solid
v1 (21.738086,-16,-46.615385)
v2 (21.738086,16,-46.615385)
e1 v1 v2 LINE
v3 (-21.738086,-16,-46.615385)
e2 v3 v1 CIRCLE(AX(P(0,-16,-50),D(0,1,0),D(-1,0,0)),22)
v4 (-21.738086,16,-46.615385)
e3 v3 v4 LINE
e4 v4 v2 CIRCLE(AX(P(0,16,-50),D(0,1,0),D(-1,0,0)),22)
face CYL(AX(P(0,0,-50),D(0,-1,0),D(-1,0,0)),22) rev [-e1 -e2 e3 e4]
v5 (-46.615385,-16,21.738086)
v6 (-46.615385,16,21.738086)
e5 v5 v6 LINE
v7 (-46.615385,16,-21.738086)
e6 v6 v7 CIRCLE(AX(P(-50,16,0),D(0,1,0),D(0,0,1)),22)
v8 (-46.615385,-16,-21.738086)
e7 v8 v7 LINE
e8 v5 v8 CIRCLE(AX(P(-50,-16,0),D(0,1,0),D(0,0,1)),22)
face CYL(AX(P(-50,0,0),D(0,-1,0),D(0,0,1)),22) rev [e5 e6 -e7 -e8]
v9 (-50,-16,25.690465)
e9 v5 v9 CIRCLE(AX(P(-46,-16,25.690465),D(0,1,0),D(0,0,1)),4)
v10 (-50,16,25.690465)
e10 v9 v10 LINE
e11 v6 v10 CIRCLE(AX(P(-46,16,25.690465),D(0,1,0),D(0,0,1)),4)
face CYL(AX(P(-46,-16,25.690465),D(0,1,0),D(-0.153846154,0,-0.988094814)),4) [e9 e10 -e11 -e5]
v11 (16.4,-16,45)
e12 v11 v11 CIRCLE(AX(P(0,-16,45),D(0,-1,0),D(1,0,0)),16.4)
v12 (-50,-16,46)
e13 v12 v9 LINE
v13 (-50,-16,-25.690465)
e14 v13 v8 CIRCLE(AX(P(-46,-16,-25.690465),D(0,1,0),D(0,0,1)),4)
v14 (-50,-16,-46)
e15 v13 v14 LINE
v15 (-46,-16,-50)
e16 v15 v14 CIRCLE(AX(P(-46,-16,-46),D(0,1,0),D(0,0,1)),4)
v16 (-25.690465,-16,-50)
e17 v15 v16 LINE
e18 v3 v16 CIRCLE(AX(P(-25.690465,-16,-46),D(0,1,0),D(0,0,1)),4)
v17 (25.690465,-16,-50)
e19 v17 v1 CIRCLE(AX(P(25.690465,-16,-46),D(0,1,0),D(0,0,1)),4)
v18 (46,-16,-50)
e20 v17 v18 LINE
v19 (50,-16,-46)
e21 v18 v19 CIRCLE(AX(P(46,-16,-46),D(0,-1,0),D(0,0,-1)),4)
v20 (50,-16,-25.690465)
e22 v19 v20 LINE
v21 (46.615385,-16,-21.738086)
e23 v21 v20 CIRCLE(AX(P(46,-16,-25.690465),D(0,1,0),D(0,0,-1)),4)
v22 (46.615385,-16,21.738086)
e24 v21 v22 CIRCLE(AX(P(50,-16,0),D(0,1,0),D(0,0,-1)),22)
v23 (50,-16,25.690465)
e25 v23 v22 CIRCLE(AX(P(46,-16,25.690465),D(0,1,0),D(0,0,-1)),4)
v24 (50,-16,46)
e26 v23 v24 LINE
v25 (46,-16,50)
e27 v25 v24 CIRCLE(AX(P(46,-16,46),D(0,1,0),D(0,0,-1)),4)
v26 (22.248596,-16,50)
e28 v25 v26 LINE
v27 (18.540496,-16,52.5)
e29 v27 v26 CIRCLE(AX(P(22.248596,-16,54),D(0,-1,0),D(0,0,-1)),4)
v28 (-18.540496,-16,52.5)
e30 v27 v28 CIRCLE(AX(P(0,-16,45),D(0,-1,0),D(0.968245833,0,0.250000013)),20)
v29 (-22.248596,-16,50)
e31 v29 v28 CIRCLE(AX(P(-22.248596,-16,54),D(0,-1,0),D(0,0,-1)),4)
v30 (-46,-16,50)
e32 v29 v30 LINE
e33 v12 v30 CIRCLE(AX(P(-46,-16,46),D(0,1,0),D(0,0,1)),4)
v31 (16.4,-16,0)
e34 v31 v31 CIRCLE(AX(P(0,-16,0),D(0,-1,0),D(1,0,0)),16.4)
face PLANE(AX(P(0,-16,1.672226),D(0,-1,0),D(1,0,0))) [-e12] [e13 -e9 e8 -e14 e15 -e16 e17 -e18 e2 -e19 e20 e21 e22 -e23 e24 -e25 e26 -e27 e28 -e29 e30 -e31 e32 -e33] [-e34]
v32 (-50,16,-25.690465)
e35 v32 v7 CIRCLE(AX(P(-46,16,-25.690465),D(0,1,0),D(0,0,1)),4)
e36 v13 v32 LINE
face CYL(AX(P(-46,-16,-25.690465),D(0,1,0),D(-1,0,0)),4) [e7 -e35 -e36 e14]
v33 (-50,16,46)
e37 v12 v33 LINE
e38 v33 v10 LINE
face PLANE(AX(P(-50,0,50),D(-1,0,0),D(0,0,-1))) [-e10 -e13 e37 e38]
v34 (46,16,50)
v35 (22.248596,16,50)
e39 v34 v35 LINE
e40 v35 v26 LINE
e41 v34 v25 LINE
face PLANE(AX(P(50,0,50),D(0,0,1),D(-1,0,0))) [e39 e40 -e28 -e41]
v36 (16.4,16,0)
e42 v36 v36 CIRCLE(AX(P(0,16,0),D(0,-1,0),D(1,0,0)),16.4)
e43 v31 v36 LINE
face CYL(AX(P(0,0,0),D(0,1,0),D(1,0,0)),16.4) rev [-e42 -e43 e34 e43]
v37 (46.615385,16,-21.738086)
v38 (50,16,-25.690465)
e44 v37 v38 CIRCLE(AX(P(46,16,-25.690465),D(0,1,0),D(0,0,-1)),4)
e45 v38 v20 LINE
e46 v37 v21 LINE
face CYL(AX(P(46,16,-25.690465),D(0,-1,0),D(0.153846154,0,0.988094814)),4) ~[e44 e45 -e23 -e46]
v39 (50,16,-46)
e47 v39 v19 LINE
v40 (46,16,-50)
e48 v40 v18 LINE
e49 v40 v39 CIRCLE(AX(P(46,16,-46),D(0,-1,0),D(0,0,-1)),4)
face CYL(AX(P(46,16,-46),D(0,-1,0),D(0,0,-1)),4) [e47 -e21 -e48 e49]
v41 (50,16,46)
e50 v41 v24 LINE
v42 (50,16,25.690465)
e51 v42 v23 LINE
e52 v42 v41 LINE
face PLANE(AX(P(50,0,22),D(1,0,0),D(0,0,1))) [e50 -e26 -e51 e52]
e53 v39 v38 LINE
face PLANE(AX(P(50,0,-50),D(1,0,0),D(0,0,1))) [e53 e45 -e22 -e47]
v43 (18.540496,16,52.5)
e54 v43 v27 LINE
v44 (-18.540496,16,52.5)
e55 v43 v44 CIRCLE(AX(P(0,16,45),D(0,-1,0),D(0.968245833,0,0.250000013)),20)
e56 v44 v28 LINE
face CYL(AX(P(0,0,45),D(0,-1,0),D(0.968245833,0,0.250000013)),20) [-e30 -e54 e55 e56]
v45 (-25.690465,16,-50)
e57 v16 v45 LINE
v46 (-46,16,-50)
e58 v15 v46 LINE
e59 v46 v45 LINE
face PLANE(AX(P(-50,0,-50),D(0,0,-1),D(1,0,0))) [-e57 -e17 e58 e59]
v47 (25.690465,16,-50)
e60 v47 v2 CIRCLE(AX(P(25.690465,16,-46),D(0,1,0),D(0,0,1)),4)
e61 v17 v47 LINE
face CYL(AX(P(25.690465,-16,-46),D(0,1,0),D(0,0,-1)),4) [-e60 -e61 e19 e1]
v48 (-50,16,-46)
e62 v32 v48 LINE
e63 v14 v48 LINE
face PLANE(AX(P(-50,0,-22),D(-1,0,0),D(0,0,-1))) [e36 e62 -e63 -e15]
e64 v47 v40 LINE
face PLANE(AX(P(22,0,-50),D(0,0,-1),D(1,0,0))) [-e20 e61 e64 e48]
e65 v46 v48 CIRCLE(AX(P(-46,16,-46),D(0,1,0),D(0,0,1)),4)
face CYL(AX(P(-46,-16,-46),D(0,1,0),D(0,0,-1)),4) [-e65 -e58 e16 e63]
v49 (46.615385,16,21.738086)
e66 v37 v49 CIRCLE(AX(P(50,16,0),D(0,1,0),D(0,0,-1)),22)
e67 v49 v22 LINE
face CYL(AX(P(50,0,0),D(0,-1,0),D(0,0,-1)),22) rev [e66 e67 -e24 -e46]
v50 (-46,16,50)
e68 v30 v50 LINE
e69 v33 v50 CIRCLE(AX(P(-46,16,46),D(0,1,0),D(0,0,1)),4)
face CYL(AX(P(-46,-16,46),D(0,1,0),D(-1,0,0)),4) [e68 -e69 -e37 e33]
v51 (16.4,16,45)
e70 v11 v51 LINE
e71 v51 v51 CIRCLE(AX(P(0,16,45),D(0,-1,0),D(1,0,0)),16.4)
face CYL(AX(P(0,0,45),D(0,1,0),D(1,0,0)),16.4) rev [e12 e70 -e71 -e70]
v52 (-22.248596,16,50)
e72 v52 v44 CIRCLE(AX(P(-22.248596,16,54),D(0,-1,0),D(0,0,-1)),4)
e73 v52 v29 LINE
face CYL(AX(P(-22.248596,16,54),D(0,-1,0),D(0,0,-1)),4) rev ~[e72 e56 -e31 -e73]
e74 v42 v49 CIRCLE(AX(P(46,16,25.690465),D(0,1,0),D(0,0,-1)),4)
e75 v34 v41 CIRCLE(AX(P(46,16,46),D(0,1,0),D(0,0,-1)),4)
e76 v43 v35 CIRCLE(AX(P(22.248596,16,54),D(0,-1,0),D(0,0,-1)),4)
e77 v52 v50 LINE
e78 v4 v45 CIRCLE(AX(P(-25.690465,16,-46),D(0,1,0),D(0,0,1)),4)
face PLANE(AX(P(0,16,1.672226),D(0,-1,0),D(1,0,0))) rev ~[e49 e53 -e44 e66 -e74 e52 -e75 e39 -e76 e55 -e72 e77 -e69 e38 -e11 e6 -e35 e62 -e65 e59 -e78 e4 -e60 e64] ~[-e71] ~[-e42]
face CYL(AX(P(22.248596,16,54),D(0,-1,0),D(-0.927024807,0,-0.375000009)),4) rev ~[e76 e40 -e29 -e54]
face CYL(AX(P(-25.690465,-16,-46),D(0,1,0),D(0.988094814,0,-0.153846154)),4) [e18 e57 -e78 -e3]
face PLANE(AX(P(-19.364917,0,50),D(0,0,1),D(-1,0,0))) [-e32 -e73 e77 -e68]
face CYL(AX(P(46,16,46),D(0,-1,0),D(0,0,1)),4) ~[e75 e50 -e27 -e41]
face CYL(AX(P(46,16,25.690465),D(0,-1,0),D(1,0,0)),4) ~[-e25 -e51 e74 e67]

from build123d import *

# Parameters (mm, degrees)
F0_R     = 16.4
F1_DEPTH = 16
F2_R     = 4


with BuildPart() as f1:
    # F0 (on Front) → F1 (new body, symmetric)
    with BuildSketch(Plane.XZ):
        with BuildLine():
            Line((22, -50), (50, -50))
            Line((50, -50), (50, -22))
            ThreePointArc((50, -22), (28, 0), (50, 22))
            Line((50, 22), (50, 50))
            Line((50, 50), (19.364917, 50))
            ThreePointArc((19.364917, 50), (0, 65), (-19.364917, 50))
            Line((-19.364917, 50), (-50, 50))
            Line((-50, 50), (-50, 22))
            ThreePointArc((-50, 22), (-28, 0), (-50, -22))
            Line((-50, -22), (-50, -50))
            Line((-50, -50), (-22, -50))
            ThreePointArc((-22, -50), (0, -28), (22, -50))
        make_face()
        Circle(F0_R, mode=Mode.SUBTRACT)
        with Locations((0, 45)):
            Circle(F0_R, mode=Mode.SUBTRACT)
    extrude(amount=F1_DEPTH, both=True)

    # F2
    f2_edges = [f1.edges().sort_by_distance(p)[0] for p in [
        (19.364917, 0, 50),
        (50, 0, 50),
        (50, 0, 22),
        (50, 0, -22),
        (50, 0, -50),
        (-50, 0, -22),
        (-50, 0, 50),
        (-19.364917, 0, 50),
        (-50, 0, 22),
        (-50, 0, -50),
        (22, 0, -50),
        (-22, 0, -50),
    ]]
    fillet(f2_edges, radius=F2_R)


solid = f1.part
